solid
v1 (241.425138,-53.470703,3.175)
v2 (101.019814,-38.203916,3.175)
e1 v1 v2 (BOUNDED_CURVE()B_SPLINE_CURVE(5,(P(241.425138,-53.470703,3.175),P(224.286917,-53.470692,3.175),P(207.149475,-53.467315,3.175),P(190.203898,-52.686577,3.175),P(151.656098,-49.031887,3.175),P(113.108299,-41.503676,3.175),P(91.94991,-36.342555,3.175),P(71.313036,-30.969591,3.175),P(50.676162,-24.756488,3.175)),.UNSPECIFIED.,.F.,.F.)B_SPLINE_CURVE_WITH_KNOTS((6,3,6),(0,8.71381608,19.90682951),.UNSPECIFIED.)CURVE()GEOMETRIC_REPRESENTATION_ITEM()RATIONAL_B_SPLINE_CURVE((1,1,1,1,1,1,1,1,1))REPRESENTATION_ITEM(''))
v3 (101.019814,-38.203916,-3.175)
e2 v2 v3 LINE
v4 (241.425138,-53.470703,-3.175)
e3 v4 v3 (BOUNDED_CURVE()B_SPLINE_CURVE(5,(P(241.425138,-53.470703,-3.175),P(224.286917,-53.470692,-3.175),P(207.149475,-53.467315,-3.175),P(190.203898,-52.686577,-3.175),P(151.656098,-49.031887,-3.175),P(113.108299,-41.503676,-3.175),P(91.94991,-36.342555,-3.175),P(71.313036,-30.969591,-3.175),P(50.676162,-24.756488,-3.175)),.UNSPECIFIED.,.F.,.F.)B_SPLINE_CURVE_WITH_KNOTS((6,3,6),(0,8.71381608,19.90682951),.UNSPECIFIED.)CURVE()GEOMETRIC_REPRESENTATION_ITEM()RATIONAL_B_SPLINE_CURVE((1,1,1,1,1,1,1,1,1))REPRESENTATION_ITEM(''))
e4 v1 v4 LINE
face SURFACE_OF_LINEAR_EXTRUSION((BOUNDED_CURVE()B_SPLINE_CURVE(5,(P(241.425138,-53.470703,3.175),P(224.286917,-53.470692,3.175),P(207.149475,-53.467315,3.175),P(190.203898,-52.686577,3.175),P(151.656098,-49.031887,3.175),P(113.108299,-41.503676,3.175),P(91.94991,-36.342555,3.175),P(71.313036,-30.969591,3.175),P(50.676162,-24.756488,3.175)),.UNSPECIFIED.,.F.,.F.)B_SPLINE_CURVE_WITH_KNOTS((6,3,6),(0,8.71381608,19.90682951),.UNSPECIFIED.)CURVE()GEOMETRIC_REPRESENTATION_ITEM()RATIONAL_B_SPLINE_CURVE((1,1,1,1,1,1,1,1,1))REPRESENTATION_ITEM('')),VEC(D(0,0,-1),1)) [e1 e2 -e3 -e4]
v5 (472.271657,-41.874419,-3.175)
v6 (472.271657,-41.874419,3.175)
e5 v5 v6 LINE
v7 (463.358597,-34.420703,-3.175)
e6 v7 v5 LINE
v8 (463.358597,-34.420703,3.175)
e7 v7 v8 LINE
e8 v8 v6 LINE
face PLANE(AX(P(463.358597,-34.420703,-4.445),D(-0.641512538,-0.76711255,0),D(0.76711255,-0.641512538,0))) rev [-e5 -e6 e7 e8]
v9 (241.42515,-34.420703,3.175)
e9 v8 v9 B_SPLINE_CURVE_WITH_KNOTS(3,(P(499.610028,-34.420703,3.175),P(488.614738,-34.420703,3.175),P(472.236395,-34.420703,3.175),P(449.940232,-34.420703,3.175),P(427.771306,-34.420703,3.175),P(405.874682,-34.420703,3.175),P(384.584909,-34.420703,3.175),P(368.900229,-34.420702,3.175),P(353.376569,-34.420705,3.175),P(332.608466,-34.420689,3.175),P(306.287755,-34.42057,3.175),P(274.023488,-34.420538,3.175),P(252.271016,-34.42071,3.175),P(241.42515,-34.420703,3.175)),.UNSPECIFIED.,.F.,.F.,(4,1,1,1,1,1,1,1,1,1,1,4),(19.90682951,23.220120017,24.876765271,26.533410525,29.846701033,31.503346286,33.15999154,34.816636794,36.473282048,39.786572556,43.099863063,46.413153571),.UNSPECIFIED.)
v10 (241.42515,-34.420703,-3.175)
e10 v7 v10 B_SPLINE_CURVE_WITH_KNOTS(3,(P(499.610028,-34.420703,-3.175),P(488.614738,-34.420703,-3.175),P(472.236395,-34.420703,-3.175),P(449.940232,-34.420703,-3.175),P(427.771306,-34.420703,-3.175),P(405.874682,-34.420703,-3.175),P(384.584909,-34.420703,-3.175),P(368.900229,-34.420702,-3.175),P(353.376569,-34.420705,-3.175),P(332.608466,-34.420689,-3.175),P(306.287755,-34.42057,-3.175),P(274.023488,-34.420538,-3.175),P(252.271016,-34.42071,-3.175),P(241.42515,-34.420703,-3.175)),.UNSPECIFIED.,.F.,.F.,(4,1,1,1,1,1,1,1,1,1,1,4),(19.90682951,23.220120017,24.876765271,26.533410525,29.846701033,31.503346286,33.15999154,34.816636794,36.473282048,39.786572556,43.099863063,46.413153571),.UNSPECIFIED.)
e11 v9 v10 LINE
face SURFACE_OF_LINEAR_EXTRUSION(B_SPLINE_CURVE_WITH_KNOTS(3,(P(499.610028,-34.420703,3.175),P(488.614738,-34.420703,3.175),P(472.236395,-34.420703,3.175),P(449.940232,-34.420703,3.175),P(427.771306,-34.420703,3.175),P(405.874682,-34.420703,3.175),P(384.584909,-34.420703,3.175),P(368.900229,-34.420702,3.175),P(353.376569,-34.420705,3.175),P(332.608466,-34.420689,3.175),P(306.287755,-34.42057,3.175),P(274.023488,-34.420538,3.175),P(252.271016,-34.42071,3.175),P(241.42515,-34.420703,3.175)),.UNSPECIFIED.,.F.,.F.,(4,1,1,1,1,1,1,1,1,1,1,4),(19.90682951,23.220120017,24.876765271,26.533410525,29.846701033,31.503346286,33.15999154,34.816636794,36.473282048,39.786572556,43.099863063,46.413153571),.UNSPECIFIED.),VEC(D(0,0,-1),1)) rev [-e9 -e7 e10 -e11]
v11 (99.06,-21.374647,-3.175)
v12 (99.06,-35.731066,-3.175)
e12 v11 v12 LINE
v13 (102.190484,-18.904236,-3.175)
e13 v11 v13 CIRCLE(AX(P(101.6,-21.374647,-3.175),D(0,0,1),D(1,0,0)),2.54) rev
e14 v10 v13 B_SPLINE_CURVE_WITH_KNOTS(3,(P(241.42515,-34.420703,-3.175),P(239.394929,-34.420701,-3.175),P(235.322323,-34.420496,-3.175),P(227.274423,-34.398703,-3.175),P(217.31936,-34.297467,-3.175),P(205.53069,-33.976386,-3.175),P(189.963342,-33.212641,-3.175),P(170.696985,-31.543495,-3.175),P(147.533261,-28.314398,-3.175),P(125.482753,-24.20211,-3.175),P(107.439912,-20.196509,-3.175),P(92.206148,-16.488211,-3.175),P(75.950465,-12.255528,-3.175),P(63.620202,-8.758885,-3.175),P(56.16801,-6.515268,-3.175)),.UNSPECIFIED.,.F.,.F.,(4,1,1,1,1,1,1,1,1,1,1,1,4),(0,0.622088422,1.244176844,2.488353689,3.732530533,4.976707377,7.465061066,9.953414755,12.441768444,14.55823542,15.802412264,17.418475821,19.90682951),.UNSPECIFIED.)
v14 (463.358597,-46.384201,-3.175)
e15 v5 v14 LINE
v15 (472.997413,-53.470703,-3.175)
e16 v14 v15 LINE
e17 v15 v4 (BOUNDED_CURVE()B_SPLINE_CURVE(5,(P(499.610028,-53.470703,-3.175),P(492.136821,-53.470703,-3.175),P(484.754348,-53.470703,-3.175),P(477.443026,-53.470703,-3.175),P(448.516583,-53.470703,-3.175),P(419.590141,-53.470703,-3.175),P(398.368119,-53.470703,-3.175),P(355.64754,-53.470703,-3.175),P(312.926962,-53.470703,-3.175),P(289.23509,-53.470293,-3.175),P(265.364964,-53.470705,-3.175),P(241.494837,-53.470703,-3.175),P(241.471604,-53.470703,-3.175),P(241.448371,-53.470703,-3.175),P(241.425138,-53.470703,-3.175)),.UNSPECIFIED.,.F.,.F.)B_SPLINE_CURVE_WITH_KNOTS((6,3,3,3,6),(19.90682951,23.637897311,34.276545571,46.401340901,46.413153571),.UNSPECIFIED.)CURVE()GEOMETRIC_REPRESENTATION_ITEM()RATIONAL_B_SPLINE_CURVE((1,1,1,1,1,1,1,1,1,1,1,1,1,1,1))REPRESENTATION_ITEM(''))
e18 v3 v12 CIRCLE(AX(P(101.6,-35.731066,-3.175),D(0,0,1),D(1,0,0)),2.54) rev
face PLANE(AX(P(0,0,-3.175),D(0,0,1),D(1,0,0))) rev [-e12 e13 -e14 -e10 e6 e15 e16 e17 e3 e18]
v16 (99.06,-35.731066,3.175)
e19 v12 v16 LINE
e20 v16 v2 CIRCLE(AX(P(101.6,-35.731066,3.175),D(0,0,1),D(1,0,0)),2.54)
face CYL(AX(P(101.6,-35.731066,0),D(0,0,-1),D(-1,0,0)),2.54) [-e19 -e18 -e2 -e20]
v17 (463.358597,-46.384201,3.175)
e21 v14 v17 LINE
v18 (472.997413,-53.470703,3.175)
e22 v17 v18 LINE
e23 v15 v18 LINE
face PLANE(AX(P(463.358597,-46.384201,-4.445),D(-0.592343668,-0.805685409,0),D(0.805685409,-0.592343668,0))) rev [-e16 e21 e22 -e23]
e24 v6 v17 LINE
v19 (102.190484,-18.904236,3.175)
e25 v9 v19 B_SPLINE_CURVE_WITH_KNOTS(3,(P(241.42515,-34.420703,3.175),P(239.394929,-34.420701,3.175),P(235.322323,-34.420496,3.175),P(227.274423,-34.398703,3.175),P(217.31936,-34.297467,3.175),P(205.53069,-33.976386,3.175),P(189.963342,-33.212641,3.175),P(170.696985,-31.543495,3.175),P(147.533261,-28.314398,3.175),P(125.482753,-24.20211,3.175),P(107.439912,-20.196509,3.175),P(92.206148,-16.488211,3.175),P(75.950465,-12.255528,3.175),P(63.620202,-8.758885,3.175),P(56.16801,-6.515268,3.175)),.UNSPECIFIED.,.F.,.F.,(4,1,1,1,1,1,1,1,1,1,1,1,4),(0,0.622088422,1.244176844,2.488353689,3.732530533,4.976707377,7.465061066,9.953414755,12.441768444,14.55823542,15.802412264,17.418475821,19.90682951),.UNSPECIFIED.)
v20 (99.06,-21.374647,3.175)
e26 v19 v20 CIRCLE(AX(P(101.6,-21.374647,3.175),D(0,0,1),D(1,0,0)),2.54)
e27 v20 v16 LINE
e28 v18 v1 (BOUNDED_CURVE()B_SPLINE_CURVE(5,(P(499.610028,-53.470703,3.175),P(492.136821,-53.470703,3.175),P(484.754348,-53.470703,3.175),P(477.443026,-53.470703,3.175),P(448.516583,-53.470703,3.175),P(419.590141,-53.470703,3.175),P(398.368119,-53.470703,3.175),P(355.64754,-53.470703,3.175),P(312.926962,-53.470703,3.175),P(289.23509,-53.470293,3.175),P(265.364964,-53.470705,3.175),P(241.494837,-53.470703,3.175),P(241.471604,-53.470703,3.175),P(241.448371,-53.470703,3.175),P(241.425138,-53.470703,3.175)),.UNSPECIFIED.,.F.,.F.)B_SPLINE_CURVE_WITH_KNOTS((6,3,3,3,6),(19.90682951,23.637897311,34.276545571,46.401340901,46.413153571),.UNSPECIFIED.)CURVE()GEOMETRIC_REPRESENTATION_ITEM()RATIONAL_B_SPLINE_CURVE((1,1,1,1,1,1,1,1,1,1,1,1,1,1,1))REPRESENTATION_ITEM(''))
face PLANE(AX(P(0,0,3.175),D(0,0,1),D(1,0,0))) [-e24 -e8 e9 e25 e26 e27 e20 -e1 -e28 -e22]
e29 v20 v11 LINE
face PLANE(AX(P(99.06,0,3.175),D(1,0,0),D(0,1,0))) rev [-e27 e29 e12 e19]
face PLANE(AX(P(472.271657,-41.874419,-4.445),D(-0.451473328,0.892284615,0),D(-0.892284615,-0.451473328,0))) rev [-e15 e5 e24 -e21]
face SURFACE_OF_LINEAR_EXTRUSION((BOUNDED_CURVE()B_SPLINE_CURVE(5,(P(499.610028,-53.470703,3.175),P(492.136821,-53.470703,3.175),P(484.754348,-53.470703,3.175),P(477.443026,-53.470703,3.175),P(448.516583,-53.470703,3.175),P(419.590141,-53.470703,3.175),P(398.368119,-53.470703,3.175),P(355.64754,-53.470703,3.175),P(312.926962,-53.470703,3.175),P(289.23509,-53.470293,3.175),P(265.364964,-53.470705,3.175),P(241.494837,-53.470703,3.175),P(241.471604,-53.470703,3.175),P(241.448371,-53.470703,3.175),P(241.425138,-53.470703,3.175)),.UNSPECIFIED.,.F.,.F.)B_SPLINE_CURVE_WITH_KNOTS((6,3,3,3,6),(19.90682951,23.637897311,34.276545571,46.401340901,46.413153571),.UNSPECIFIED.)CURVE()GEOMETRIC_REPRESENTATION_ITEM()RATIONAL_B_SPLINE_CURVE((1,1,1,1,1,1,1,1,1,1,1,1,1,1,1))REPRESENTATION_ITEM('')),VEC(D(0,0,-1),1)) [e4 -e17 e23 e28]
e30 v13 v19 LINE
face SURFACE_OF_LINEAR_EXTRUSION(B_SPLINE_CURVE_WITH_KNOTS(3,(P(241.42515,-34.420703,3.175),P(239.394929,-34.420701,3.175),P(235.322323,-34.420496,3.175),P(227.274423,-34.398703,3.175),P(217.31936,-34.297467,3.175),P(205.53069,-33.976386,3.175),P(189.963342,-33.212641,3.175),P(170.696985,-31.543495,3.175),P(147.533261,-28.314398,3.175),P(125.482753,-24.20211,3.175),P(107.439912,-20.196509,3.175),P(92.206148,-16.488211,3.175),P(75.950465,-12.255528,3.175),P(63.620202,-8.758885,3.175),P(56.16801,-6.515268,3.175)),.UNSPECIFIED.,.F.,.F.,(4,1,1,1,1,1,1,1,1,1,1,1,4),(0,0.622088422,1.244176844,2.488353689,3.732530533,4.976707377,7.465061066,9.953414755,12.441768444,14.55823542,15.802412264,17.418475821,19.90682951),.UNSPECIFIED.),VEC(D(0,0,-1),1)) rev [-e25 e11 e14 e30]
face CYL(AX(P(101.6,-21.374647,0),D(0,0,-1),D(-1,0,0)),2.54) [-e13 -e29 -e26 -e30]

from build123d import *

# Parameters (mm, degrees)
BOSS_EXTRUDE1_DEPTH = 3.175
CUT_EXTRUDE1_DEPTH  = 7.3500001
FILLET1_R           = 2.54
CUT_EXTRUDE2_DEPTH  = 7.62


with BuildPart() as part:
    # Sketch1 → Boss-Extrude1 (new body, symmetric)
    with BuildSketch(Plane.XY):
        with BuildLine():
            Line((499.61002795, -53.470702797), (1046.28548189, -53.470702797))
            add(Edge.make_bspline(
                [(2669.54, -9.569049356), (2615.393603553, -13.17073937), (2561.080658619, -16.536108081), (2506.205230446, -19.758621957), (2430.209106802, -23.505211705), (2354.212983157, -26.631486423), (2332.570330468, -27.480988169), (2156.268639429, -34.377768543), (1979.966947376, -41.628631248), (1824.114277635, -52.771265877), (1636.928606778, -53.579569849), (1449.742935921, -53.454024613), (1418.006730935, -53.470702797), (1324.899336146, -53.470702797), (1231.791940344, -53.470702797), (1170.441269319, -53.470702797), (1108.784075813, -53.470702797), (1047.126882346, -53.470702797), (1046.846414188, -53.470702797), (1046.565947184, -53.470702797), (1046.28548189, -53.470702797)],
                knots=[103.698913506, 103.698913506, 103.698913506, 103.698913506, 103.698913506, 103.698913506, 130.927896619, 130.927896619, 130.927896619, 141.337054719, 141.337054719, 141.337054719, 218.101815019, 218.101815019, 218.101815019, 233.772059419, 233.772059419, 233.772059419, 264.077723219, 264.077723219, 264.077723219, 264.2162088, 264.2162088, 264.2162088, 264.2162088, 264.2162088, 264.2162088], degree=5))
            Line((2669.54, -9.569049356), (2669.54, 9.5231025))
            add(Edge.make_bspline(
                [(2669.54, 9.5231025), (2667.126494524, 9.36235515), (2659.861586685, 8.880281494), (2635.666282302, 7.292469146), (2596.857665529, 4.826056853), (2545.729743039, 1.758344093), (2494.405305707, -1.098555235), (2451.533022267, -3.266573297), (2417.198316756, -4.86708361), (2391.457076919, -6.003589235), (2365.634736307, -7.086854581), (2339.546284672, -8.137729944), (2313.466132974, -9.165138371), (2287.612375486, -10.179478215), (2261.763347437, -11.201032297), (2227.285329715, -12.583842557), (2184.175569393, -14.36607236), (2132.429066114, -16.607427868), (2063.4255234, -19.708920485), (1977.174907635, -23.700543313), (1873.732451432, -28.149389221), (1770.37461881, -31.657468649), (1667.085687813, -33.793117556), (1581.011094491, -34.383188831), (1512.07397126, -34.4278026), (1443.061513477, -34.409510402), (1356.800927879, -34.424432812), (1218.794626954, -34.418464788), (1115.289022786, -34.420702797), (1046.28548189, -34.420702797)],
                knots=[103.571582669, 103.571582669, 103.571582669, 103.571582669, 104.300777207, 105.766098403, 110.877392287, 115.98868617, 121.099980054, 126.211273938, 128.76692088, 131.322567822, 133.878214764, 136.433861706, 138.989508647, 141.545155589, 144.100802531, 146.656449473, 151.767743357, 156.879037241, 161.990331124, 172.212918892, 182.43550666, 192.658094427, 202.880682195, 213.103269962, 218.214563846, 223.32585773, 233.548445497, 243.771033265, 264.2162088, 264.2162088, 264.2162088, 264.2162088], degree=3))
            Line((1046.28548189, -34.420702797), (499.61002795, -34.420702797))
            add(Edge.make_bspline(
                [(499.61002795, -34.420702797), (488.614737518, -34.420702797), (472.236395365, -34.420702798), (449.940231846, -34.420702794), (427.771305695, -34.42070281), (405.874681663, -34.420702712), (384.584909128, -34.420702942), (368.900229326, -34.420702244), (353.376568613, -34.420704862), (332.608466435, -34.420689186), (306.287754853, -34.420570006), (274.023487704, -34.420538256), (252.271015965, -34.420709741), (241.425150134, -34.420702761)],
                knots=[19.90682951, 19.90682951, 19.90682951, 19.90682951, 23.220120017, 24.876765271, 26.533410525, 29.846701033, 31.503346286, 33.15999154, 34.816636794, 36.473282048, 39.786572556, 43.099863063, 46.413153571, 46.413153571, 46.413153571, 46.413153571], degree=3))
            add(Edge.make_bspline(
                [(241.425150134, -34.420702761), (239.394928853, -34.420701455), (235.322322927, -34.420495867), (227.274423443, -34.398702533), (217.319360062, -34.297466855), (205.530690077, -33.976385563), (189.963341914, -33.212641271), (170.696984653, -31.543495194), (147.533261232, -28.314398128), (125.482753206, -24.202109872), (109.358914834, -20.622537553), (100.964116069, -18.612521054), (99.06, -18.149327722)],
                knots=[0, 0, 0, 0, 0.622088422, 1.244176844, 2.488353689, 3.732530533, 4.976707377, 7.465061066, 9.953414755, 12.441768444, 14.55823542, 15.180323842, 15.180323842, 15.180323842, 15.180323842], degree=3))
            Line((99.06, -18.149327722), (99.06, -37.741485304))
            add(Edge.make_bspline(
                [(241.425137875, -53.470702761), (224.286916993, -53.470691732), (207.149474967, -53.467315374), (190.203897513, -52.686577078), (161.734965878, -49.987457476), (133.266034188, -45.175583375), (121.749620566, -42.910592695), (110.349390726, -40.420274627), (99.06, -37.741485304)],
                knots=[0, 0, 0, 0, 0, 0, 8.71381608, 8.71381608, 8.71381608, 14.701907176, 14.701907176, 14.701907176, 14.701907176, 14.701907176, 14.701907176], degree=5))
            add(Edge.make_bspline(
                [(499.61002795, -53.470702797), (492.136820835, -53.470702797), (484.754348064, -53.470702797), (477.443025859, -53.470702797), (448.516583145, -53.470702797), (419.590140517, -53.470702797), (398.368118521, -53.470702797), (355.647540186, -53.470702797), (312.926961851, -53.470702797), (289.235090436, -53.470293029), (265.364963651, -53.470705034), (241.4948369, -53.470702789), (241.471603891, -53.470702785), (241.448370882, -53.470702776), (241.425137875, -53.470702761)],
                knots=[19.90682951, 19.90682951, 19.90682951, 19.90682951, 19.90682951, 19.90682951, 23.637897311, 23.637897311, 23.637897311, 34.276545571, 34.276545571, 34.276545571, 46.401340901, 46.401340901, 46.401340901, 46.413153571, 46.413153571, 46.413153571, 46.413153571, 46.413153571, 46.413153571], degree=5))
        make_face()
    extrude(amount=BOSS_EXTRUDE1_DEPTH, both=True)

    # Sketch2 → Cut-Extrude1 (cut, through all)
    with BuildSketch(Plane.XY.offset(3.175)):
        with BuildLine():
            add(Edge.make_bspline(
                [(2312.9875, -9.183260037), (2304.505441691, -9.516700376), (2287.441020622, -10.186250162), (2261.763347437, -11.201032297), (2228.230552004, -12.545932515), (2203.310445107, -13.575047161), (2187.00995947, -14.263260037)],
                knots=[139.04033329, 139.04033329, 139.04033329, 139.04033329, 141.545155589, 144.100802531, 146.656449473, 151.487488909, 151.487488909, 151.487488909, 151.487488909], degree=3))
            Line((2187.00995947, -14.263260037), (2312.9875, -14.263260037))
            Line((2312.9875, -14.263260037), (2312.9875, -9.183260037))
        make_face()
    extrude(amount=-CUT_EXTRUDE1_DEPTH, mode=Mode.SUBTRACT)

    # Fillet1
    fillet1_edges = [part.edges().sort_by_distance(p)[0] for p in [
        (2669.54, -9.569049356, -1.5875),
        (2669.54, 9.5231025, -1.5875),
        (99.06, -37.741485304, -1.5875),
        (99.06, -18.149327722, -1.5875),
        (2312.9875, -9.183260037, 1.5875),
        (2312.9875, -14.263260037, 0),
    ]]
    fillet(fillet1_edges, radius=FILLET1_R)

    # Sketch3 → Cut-Extrude2 (cut)
    with BuildSketch(Plane.XY.offset(3.175)):
        Polygon((463.358597157, -34.420702797), (472.271656585, -41.874419167), (463.358597157, -46.384200616), (472.997412797, -53.470702797), (510.09583662, -269.844988776), (2795.524214409, -269.844988776), (2811.168313051, 250.910269335), (463.358597157, 321.441226467), align=None)
    extrude(amount=-CUT_EXTRUDE2_DEPTH, mode=Mode.SUBTRACT)


solid = part.part
